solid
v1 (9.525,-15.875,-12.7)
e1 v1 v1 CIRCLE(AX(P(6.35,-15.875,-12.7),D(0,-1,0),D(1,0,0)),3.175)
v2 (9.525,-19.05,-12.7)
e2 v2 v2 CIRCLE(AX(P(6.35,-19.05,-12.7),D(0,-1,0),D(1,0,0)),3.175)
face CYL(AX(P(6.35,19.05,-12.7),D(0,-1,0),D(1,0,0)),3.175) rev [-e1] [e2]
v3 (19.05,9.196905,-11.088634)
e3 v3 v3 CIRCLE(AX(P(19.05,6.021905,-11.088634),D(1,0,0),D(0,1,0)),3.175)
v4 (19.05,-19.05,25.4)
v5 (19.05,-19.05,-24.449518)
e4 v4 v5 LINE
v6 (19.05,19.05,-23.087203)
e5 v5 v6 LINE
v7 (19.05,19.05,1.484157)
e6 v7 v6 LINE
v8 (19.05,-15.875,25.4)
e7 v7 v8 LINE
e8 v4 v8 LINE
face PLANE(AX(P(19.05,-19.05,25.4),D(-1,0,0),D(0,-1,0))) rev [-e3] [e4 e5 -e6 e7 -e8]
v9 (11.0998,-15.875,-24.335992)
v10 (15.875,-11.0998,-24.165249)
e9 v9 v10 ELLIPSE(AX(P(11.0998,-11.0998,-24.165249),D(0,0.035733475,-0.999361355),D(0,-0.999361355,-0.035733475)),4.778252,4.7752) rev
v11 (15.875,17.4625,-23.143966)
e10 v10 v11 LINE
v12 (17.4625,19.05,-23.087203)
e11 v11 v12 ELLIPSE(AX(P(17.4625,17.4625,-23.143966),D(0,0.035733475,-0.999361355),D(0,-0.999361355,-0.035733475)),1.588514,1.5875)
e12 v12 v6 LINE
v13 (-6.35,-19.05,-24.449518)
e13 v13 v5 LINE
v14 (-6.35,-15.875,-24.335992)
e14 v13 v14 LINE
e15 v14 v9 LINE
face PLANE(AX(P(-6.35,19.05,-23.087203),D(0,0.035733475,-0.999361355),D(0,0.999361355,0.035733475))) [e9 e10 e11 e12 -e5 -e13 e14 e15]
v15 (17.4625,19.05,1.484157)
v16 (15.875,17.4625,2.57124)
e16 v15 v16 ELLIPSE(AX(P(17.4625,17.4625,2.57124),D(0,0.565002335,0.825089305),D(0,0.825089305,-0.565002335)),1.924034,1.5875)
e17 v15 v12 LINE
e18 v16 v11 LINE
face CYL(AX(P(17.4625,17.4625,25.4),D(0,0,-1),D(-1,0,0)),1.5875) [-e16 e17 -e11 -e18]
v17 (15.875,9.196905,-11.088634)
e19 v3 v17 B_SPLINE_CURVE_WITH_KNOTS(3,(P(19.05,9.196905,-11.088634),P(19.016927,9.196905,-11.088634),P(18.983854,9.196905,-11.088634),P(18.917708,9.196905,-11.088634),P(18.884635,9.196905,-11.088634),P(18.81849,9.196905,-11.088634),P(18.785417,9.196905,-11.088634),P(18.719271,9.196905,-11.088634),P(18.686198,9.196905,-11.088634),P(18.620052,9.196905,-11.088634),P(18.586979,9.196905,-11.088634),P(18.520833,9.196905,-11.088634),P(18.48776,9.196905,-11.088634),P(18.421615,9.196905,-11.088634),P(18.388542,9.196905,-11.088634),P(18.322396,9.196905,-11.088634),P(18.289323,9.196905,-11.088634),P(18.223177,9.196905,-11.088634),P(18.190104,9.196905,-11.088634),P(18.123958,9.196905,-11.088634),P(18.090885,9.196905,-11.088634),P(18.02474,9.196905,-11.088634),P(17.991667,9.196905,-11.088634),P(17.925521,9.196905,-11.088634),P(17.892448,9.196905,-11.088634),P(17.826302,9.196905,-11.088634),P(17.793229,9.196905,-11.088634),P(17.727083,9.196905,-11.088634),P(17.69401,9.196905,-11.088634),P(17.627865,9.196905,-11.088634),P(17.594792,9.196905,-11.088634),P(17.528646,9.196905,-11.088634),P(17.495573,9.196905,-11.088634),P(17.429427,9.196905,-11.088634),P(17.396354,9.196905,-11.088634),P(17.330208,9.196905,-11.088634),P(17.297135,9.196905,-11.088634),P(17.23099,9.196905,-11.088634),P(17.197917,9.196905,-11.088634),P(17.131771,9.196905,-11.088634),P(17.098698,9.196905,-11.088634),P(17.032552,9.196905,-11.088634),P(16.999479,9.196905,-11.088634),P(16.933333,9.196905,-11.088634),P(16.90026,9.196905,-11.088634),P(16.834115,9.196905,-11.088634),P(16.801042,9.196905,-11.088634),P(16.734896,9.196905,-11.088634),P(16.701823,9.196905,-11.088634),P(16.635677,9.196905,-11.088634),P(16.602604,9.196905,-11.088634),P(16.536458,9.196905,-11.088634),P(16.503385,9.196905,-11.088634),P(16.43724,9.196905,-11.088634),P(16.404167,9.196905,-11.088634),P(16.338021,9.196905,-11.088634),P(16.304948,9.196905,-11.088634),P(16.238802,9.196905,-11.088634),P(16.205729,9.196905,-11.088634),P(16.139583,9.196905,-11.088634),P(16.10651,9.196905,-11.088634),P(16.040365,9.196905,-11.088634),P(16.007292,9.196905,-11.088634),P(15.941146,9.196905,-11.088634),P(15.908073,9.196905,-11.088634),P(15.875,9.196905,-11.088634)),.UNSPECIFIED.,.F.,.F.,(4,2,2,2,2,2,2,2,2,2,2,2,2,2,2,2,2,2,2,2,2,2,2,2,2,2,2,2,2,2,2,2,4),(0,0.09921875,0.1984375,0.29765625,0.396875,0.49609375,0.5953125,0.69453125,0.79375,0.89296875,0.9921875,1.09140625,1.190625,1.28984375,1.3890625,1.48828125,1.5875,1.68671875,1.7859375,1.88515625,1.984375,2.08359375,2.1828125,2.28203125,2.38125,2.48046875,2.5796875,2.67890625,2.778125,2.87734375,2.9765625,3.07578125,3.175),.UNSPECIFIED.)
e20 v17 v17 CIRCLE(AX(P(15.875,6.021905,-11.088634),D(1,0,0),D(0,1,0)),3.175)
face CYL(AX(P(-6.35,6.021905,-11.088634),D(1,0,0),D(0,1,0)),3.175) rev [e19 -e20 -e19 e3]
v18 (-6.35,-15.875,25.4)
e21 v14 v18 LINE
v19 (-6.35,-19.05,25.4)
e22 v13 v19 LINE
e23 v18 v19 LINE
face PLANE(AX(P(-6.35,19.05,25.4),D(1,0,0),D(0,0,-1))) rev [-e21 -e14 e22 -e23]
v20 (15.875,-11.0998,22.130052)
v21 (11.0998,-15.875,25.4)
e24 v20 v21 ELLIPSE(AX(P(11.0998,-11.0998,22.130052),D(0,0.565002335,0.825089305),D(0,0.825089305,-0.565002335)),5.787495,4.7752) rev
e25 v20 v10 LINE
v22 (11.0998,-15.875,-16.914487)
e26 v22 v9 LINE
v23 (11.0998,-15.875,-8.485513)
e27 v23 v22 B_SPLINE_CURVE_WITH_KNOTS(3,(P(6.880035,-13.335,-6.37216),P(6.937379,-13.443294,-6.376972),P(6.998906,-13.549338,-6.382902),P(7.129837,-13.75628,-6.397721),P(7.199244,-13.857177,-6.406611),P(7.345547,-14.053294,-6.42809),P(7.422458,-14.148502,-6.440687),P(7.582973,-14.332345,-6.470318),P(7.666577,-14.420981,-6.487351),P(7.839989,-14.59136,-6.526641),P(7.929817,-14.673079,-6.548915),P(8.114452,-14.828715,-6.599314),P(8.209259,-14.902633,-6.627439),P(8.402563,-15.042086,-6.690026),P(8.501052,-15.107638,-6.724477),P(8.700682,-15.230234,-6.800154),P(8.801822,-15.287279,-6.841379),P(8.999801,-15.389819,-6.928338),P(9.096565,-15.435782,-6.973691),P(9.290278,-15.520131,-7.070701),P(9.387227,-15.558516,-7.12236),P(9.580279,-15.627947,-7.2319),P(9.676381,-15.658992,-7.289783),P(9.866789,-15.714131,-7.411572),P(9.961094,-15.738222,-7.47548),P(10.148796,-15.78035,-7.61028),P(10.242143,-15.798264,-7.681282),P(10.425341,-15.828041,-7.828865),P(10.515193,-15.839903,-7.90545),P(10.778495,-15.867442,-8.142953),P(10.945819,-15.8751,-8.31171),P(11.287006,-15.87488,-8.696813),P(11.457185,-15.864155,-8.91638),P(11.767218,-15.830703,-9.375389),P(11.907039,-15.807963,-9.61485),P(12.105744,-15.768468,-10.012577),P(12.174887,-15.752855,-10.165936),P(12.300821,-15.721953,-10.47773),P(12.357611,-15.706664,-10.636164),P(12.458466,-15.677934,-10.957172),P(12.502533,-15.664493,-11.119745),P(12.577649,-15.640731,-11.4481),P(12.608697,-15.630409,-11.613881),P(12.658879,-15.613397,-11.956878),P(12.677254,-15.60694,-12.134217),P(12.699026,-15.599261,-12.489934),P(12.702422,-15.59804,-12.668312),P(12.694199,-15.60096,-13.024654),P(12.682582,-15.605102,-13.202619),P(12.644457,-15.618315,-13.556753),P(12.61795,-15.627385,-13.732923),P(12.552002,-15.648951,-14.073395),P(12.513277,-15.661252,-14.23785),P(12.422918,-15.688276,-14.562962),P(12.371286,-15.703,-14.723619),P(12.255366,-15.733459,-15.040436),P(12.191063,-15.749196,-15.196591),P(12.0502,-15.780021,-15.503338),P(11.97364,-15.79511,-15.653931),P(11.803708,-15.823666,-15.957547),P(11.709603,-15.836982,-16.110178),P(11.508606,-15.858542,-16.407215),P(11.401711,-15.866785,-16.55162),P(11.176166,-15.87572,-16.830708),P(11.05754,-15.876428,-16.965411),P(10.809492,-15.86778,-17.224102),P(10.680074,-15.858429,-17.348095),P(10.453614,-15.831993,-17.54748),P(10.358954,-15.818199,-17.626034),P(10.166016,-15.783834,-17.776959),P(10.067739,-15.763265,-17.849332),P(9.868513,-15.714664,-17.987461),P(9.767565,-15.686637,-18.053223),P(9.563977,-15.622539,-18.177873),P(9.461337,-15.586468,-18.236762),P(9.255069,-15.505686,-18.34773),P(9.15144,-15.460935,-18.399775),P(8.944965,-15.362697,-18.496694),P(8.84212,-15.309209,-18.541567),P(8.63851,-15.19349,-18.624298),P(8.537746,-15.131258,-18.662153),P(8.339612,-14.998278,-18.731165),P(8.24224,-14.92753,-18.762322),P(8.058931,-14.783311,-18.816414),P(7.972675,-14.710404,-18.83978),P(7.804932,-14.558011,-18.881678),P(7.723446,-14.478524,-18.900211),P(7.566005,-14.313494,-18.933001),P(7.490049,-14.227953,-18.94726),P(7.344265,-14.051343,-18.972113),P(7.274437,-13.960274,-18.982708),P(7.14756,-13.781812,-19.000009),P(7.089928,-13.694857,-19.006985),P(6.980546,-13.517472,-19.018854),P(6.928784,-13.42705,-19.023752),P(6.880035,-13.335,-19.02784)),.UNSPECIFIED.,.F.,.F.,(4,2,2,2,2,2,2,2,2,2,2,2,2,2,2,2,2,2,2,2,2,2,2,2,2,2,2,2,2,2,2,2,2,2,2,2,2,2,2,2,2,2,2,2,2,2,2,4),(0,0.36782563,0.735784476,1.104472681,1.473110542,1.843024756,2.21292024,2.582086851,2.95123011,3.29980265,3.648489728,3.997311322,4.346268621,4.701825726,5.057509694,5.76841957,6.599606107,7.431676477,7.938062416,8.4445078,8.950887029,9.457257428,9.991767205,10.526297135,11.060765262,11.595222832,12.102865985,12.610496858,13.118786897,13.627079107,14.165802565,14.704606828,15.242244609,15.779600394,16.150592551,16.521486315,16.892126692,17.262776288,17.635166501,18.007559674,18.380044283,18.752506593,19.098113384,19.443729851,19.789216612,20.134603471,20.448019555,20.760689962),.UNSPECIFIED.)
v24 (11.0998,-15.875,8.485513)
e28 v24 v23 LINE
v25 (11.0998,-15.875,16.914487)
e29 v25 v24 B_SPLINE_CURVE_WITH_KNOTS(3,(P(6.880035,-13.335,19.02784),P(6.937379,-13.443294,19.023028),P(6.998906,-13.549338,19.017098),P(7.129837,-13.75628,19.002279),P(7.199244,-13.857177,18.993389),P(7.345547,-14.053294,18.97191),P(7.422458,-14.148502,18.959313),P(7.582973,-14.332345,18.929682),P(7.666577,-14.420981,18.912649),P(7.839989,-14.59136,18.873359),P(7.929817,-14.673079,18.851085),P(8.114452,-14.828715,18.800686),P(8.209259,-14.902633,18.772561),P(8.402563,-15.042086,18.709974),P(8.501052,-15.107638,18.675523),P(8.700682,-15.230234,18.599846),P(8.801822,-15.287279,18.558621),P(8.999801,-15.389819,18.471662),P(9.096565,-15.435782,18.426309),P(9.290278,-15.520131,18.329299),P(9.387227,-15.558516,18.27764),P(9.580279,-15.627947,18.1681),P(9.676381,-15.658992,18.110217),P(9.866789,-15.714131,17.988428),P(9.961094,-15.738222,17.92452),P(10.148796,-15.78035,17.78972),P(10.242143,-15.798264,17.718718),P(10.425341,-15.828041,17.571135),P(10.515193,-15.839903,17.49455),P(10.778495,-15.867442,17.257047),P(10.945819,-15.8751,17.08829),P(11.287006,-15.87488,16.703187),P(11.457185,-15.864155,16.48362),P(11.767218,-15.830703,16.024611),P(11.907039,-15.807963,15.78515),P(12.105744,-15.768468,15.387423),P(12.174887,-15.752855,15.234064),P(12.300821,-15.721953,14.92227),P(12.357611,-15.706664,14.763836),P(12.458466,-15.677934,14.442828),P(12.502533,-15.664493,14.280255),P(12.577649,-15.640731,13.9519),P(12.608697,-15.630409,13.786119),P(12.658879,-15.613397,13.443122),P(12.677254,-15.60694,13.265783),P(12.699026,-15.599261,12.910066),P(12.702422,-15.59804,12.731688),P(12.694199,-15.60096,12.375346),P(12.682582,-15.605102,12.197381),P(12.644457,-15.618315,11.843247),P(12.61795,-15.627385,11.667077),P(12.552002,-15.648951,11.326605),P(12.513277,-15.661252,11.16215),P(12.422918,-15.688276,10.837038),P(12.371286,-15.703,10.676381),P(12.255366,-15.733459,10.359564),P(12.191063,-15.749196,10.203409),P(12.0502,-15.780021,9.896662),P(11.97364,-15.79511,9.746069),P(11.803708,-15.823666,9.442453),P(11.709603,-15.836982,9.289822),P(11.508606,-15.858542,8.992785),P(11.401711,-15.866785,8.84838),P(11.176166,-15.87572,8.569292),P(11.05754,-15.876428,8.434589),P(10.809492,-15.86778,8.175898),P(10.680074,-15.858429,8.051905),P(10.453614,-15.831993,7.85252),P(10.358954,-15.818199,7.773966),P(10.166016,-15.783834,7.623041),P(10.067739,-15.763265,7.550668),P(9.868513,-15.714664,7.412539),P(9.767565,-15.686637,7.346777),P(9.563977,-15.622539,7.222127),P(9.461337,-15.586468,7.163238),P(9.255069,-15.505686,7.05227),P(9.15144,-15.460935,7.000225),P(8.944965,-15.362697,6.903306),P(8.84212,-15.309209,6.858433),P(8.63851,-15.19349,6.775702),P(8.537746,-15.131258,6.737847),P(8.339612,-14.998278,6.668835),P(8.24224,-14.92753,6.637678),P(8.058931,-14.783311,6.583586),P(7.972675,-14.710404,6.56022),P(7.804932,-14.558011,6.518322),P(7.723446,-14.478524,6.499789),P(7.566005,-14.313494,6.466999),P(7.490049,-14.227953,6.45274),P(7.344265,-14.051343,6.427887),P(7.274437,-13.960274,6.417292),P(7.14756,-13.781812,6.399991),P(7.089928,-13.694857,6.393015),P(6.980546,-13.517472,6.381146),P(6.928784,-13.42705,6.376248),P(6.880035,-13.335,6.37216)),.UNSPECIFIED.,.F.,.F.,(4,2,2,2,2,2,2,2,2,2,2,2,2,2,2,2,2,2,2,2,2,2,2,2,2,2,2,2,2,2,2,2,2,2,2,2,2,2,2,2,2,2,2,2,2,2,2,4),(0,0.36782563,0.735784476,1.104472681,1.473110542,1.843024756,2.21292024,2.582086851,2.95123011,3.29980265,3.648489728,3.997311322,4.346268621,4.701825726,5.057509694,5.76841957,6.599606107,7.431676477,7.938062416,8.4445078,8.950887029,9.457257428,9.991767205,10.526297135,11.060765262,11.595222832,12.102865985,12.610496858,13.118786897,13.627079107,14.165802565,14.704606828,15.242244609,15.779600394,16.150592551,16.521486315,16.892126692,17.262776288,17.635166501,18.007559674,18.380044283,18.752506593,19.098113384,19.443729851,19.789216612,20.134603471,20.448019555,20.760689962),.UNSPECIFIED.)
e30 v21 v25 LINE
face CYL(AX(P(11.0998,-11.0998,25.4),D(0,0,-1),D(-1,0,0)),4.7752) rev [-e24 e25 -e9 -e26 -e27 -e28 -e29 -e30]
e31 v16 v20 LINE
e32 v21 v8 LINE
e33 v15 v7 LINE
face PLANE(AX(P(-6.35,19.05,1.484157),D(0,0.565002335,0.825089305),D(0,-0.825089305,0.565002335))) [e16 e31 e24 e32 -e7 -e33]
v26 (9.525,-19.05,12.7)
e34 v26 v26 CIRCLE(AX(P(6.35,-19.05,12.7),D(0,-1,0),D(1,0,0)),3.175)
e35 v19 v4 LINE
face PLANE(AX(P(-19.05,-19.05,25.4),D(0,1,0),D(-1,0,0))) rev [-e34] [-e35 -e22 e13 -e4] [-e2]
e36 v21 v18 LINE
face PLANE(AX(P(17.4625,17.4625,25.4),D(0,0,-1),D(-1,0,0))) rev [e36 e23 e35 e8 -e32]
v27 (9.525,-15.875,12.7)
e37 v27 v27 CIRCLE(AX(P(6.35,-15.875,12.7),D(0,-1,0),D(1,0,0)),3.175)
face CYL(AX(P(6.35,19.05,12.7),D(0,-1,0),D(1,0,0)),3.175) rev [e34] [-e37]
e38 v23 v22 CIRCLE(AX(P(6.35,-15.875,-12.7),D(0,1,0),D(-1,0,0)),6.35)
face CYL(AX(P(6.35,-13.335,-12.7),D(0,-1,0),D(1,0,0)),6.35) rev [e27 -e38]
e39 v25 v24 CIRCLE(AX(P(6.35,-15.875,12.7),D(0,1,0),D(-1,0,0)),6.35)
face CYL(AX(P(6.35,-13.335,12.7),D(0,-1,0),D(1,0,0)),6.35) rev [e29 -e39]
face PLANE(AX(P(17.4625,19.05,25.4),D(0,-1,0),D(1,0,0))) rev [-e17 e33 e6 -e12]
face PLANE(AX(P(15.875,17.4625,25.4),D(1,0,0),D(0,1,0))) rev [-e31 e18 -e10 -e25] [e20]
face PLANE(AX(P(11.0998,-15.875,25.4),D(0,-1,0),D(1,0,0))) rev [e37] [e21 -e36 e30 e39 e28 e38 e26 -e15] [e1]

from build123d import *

# Parameters (mm, degrees)
BOSS_EXTRUDE1_DEPTH = 25.4
SKETCH3_R           = 3.175
SKETCH3_W           = 12.7
SKETCH3_H           = 50.8
CUT_EXTRUDE1_DEPTH  = 50.595085442
SKETCH12_OUTSIDE_W  = 66.478
SKETCH12_OUTSIDE_H  = 53.778
CUT_EXTRUDE2_DEPTH  = 41.659838908
SKETCH13_R          = 3.175
CUT_EXTRUDE3_DEPTH  = 41.659838908
SKETCH14_R          = 6.35
CUT_EXTRUDE4_DEPTH  = 2.54


with BuildPart() as part:
    # Sketch2 → Boss-Extrude1 (new, symmetric)
    with BuildSketch(Plane.XY):
        with BuildLine():
            Line((-19.05, -19.05), (19.05, -19.05))
            Line((19.05, -19.05), (19.05, 19.05))
            Line((19.05, 19.05), (17.4625, 19.05))
            ThreePointArc((17.4625, 19.05), (16.339967985, 18.585032015), (15.875, 17.4625))
            Line((15.875, 17.4625), (15.875, -11.0998))
            ThreePointArc((15.875, -11.0998), (14.476376302, -14.476376302), (11.0998, -15.875))
            Line((11.0998, -15.875), (-17.4625, -15.875))
            ThreePointArc((-17.4625, -15.875), (-18.585032015, -16.339967985), (-19.05, -17.4625))
            Line((-19.05, -17.4625), (-19.05, -19.05))
        make_face()
    extrude(amount=BOSS_EXTRUDE1_DEPTH, both=True)

    # Sketch3 → Cut-Extrude1 (cut, through all)
    with BuildSketch(Plane.XZ.offset(19.05)):
        with Locations((6.35, 12.7)):
            Circle(SKETCH3_R)
        with Locations((6.35, -12.7)):
            Circle(SKETCH3_R)
        with Locations((-12.7, 0)):
            Rectangle(SKETCH3_W, SKETCH3_H)
    extrude(amount=-CUT_EXTRUDE1_DEPTH, mode=Mode.SUBTRACT)

    # Sketch12 outside → Cut-Extrude2 (cut, through all)
    with BuildSketch(Plane(origin=(19.05, 0, 0), x_dir=(0, 0, -1), z_dir=(1, 0, 0))):
        Rectangle(SKETCH12_OUTSIDE_W, SKETCH12_OUTSIDE_H)
        Polygon((23.087203004, 19.05), (24.449518438, -19.05), (-25.4, -19.05), (-25.4, -15.875), (-1.48415665, 19.05), align=None, mode=Mode.SUBTRACT)
    extrude(amount=-CUT_EXTRUDE2_DEPTH, mode=Mode.SUBTRACT)

    # Sketch13 → Cut-Extrude3 (cut, through all)
    with BuildSketch(Plane(origin=(19.05, 0, 0), x_dir=(0, 0, -1), z_dir=(1, 0, 0))):
        with Locations(Location((11.088634042, 6.021904729, 0), (0, 0, 90))):
            Circle(SKETCH13_R)
    extrude(amount=-CUT_EXTRUDE3_DEPTH, mode=Mode.SUBTRACT)

    # Sketch14 → Cut-Extrude4 (cut)
    with BuildSketch(Plane(origin=(0, -15.875, 0), x_dir=(1, 0, 0), z_dir=(0, 1, 0))):
        with Locations((6.35, -12.7)):
            Circle(SKETCH14_R)
        with Locations((6.35, 12.7)):
            Circle(SKETCH14_R)
    extrude(amount=CUT_EXTRUDE4_DEPTH, mode=Mode.SUBTRACT)


solid = part.part
